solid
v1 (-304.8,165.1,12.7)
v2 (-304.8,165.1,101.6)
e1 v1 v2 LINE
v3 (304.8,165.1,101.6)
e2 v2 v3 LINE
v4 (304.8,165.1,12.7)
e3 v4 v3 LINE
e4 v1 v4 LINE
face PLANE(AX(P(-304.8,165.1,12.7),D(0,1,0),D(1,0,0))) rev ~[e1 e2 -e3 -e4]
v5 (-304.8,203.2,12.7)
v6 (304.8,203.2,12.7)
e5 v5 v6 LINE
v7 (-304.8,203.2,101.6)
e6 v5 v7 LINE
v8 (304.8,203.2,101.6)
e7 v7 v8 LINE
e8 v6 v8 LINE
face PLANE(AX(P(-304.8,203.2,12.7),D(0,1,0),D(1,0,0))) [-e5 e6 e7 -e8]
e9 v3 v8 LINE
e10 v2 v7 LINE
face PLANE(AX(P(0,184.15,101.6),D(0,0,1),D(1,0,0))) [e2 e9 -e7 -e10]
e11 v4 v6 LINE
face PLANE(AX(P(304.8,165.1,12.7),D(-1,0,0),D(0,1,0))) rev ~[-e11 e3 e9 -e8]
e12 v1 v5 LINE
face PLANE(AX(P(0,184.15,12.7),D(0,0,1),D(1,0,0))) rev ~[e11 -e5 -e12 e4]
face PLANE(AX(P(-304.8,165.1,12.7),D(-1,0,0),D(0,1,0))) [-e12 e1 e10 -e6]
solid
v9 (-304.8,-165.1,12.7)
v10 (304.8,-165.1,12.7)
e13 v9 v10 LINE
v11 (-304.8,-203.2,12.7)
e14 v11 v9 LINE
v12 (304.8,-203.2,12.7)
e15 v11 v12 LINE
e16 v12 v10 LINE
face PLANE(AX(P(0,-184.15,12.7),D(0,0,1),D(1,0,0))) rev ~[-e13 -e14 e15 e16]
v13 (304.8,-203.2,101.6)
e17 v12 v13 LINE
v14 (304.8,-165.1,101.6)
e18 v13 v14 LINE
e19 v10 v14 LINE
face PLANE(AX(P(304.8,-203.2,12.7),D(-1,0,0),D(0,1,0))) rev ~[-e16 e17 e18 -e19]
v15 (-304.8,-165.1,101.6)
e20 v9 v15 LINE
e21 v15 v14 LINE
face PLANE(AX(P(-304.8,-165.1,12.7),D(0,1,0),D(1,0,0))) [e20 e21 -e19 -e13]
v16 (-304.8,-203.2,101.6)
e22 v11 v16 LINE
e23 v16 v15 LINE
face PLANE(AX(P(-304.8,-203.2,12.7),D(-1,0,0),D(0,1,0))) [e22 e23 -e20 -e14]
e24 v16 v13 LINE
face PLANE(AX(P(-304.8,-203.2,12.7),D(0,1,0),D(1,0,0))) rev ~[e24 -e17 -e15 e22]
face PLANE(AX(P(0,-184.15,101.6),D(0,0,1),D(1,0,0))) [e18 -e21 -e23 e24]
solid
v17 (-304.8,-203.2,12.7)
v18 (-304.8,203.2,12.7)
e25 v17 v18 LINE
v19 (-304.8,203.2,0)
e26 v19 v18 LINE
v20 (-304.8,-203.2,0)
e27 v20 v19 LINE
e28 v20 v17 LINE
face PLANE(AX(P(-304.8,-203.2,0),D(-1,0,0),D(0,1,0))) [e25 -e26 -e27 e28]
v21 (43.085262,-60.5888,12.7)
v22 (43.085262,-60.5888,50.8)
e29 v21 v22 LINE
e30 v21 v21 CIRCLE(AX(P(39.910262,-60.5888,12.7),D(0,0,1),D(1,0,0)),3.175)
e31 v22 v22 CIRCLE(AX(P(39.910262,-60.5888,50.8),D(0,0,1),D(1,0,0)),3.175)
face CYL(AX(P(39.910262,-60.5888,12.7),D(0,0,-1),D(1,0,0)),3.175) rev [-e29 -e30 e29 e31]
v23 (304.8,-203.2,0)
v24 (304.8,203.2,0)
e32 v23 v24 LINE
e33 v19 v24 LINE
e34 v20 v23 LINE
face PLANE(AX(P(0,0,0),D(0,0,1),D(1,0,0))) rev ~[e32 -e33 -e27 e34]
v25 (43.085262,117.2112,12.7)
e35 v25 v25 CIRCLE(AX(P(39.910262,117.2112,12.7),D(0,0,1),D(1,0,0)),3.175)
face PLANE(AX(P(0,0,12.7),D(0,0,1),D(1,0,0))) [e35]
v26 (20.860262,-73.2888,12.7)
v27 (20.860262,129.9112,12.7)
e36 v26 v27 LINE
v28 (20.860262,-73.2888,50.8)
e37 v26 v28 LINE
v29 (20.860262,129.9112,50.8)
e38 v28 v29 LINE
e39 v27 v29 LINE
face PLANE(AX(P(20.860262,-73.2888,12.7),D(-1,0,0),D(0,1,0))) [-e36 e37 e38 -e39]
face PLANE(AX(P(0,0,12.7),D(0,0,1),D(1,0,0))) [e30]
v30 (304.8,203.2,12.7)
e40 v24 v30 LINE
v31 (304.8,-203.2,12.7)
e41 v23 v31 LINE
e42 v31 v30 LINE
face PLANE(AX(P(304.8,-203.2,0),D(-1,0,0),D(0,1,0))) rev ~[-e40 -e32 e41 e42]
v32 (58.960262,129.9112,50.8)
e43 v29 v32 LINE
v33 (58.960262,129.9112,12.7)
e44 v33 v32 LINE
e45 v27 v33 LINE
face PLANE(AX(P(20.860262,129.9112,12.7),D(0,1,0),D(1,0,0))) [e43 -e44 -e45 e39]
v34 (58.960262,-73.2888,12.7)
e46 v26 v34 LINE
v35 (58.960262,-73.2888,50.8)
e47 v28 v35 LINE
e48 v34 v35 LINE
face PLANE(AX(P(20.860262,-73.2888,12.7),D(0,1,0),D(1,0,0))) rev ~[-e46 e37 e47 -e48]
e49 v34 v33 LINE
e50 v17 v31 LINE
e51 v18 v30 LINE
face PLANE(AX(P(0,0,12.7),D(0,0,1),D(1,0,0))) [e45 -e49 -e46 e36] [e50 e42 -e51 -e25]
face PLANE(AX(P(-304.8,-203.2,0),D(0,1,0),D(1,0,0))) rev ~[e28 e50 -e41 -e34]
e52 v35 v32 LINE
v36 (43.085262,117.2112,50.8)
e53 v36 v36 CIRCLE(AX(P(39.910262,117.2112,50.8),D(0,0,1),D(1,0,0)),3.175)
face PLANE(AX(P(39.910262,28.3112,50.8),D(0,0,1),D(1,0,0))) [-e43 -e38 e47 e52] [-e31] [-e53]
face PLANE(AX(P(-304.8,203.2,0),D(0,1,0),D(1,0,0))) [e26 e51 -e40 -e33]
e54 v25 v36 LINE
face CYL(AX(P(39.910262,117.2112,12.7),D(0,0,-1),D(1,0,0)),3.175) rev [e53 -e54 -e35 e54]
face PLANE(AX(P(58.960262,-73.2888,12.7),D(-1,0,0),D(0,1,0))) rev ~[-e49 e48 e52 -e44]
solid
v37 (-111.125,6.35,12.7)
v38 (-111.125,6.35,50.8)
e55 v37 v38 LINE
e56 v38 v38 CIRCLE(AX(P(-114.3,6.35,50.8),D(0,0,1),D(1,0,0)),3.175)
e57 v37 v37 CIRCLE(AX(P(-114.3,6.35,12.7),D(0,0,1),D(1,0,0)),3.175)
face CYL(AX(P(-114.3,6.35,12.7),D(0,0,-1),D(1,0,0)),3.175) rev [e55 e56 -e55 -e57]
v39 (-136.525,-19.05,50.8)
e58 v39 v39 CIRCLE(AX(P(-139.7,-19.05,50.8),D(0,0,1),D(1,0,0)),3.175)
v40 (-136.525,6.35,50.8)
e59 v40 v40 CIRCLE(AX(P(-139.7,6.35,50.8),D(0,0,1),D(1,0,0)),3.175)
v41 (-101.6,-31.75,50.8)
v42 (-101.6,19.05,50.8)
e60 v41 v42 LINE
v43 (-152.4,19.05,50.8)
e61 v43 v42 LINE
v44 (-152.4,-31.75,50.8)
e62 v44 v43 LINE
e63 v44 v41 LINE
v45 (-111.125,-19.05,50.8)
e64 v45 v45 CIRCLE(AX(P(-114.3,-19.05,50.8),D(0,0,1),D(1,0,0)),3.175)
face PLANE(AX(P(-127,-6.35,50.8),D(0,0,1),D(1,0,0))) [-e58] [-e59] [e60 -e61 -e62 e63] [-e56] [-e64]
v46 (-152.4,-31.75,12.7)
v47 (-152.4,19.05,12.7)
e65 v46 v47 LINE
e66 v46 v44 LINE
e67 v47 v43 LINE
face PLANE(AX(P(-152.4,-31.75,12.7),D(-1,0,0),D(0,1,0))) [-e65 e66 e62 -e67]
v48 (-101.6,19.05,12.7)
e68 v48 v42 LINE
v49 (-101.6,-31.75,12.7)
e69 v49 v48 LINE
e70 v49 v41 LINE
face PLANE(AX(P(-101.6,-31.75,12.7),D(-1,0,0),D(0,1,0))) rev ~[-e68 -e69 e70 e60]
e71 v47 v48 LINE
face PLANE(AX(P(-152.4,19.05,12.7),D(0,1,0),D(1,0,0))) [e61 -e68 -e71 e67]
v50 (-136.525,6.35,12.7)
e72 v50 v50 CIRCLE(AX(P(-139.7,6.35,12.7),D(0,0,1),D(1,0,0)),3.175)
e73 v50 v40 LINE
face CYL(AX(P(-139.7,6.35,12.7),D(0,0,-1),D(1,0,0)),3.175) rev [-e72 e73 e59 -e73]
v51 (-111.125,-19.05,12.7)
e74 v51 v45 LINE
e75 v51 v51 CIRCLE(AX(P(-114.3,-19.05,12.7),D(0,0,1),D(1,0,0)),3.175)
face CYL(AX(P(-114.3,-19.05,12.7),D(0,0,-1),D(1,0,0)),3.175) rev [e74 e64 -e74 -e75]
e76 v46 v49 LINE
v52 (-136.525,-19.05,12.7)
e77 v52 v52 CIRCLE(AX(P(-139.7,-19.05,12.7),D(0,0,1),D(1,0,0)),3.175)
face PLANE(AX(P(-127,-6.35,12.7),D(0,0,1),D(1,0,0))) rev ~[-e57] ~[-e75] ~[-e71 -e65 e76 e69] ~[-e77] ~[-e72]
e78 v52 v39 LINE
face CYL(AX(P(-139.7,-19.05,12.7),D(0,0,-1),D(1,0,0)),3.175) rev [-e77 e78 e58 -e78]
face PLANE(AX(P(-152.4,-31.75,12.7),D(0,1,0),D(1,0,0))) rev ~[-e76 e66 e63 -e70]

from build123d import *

# Parameters (mm, degrees)
F0_W     = 609.6
F0_H     = 406.4
F1_DEPTH = 12.7
F2_W     = 609.6
F2_H     = 38.1
F3_DEPTH = 88.9
F4_W     = 50.8
F4_H     = 50.8
F4_R     = 3.175
F5_DEPTH = 38.1
F6_W     = 38.1
F6_H     = 203.2
F6_R     = 3.175
F7_DEPTH = 38.1


with BuildPart() as f1:
    # F0 (on Top) → F1 (new body)
    with BuildSketch(Plane.XY):
        Rectangle(F0_W, F0_H)
    extrude(amount=F1_DEPTH)

    # F6 (on face) → F7 (join)
    with BuildSketch(Plane.XY.offset(12.7)):
        with Locations((39.910262, 28.3112)):
            Rectangle(F6_W, F6_H)
        with Locations((39.910262, -60.5888)):
            Circle(F6_R, mode=Mode.SUBTRACT)
        with Locations((39.910262, 117.2112)):
            Circle(F6_R, mode=Mode.SUBTRACT)
    extrude(amount=F7_DEPTH)


with BuildPart() as f3:
    # F2 (on face) → F3 (new body)
    with BuildSketch(Plane.XY.offset(12.7)):
        with Locations((0, 184.15)):
            Rectangle(F2_W, F2_H)
        with Locations((0, -184.15)):
            Rectangle(F2_W, F2_H)
    extrude(amount=F3_DEPTH)


with BuildPart() as f5:
    # F4 (on face) → F5 (new body)
    with BuildSketch(Plane.XY.offset(12.7)):
        with Locations((-127, -6.35)):
            Rectangle(F4_W, F4_H)
        with Locations((-139.7, -19.05)):
            Circle(F4_R, mode=Mode.SUBTRACT)
        with Locations((-114.3, -19.05)):
            Circle(F4_R, mode=Mode.SUBTRACT)
        with Locations((-139.7, 6.35)):
            Circle(F4_R, mode=Mode.SUBTRACT)
        with Locations((-114.3, 6.35)):
            Circle(F4_R, mode=Mode.SUBTRACT)
    extrude(amount=F5_DEPTH)


solid = Compound([f1.part, f3.part, f5.part])
